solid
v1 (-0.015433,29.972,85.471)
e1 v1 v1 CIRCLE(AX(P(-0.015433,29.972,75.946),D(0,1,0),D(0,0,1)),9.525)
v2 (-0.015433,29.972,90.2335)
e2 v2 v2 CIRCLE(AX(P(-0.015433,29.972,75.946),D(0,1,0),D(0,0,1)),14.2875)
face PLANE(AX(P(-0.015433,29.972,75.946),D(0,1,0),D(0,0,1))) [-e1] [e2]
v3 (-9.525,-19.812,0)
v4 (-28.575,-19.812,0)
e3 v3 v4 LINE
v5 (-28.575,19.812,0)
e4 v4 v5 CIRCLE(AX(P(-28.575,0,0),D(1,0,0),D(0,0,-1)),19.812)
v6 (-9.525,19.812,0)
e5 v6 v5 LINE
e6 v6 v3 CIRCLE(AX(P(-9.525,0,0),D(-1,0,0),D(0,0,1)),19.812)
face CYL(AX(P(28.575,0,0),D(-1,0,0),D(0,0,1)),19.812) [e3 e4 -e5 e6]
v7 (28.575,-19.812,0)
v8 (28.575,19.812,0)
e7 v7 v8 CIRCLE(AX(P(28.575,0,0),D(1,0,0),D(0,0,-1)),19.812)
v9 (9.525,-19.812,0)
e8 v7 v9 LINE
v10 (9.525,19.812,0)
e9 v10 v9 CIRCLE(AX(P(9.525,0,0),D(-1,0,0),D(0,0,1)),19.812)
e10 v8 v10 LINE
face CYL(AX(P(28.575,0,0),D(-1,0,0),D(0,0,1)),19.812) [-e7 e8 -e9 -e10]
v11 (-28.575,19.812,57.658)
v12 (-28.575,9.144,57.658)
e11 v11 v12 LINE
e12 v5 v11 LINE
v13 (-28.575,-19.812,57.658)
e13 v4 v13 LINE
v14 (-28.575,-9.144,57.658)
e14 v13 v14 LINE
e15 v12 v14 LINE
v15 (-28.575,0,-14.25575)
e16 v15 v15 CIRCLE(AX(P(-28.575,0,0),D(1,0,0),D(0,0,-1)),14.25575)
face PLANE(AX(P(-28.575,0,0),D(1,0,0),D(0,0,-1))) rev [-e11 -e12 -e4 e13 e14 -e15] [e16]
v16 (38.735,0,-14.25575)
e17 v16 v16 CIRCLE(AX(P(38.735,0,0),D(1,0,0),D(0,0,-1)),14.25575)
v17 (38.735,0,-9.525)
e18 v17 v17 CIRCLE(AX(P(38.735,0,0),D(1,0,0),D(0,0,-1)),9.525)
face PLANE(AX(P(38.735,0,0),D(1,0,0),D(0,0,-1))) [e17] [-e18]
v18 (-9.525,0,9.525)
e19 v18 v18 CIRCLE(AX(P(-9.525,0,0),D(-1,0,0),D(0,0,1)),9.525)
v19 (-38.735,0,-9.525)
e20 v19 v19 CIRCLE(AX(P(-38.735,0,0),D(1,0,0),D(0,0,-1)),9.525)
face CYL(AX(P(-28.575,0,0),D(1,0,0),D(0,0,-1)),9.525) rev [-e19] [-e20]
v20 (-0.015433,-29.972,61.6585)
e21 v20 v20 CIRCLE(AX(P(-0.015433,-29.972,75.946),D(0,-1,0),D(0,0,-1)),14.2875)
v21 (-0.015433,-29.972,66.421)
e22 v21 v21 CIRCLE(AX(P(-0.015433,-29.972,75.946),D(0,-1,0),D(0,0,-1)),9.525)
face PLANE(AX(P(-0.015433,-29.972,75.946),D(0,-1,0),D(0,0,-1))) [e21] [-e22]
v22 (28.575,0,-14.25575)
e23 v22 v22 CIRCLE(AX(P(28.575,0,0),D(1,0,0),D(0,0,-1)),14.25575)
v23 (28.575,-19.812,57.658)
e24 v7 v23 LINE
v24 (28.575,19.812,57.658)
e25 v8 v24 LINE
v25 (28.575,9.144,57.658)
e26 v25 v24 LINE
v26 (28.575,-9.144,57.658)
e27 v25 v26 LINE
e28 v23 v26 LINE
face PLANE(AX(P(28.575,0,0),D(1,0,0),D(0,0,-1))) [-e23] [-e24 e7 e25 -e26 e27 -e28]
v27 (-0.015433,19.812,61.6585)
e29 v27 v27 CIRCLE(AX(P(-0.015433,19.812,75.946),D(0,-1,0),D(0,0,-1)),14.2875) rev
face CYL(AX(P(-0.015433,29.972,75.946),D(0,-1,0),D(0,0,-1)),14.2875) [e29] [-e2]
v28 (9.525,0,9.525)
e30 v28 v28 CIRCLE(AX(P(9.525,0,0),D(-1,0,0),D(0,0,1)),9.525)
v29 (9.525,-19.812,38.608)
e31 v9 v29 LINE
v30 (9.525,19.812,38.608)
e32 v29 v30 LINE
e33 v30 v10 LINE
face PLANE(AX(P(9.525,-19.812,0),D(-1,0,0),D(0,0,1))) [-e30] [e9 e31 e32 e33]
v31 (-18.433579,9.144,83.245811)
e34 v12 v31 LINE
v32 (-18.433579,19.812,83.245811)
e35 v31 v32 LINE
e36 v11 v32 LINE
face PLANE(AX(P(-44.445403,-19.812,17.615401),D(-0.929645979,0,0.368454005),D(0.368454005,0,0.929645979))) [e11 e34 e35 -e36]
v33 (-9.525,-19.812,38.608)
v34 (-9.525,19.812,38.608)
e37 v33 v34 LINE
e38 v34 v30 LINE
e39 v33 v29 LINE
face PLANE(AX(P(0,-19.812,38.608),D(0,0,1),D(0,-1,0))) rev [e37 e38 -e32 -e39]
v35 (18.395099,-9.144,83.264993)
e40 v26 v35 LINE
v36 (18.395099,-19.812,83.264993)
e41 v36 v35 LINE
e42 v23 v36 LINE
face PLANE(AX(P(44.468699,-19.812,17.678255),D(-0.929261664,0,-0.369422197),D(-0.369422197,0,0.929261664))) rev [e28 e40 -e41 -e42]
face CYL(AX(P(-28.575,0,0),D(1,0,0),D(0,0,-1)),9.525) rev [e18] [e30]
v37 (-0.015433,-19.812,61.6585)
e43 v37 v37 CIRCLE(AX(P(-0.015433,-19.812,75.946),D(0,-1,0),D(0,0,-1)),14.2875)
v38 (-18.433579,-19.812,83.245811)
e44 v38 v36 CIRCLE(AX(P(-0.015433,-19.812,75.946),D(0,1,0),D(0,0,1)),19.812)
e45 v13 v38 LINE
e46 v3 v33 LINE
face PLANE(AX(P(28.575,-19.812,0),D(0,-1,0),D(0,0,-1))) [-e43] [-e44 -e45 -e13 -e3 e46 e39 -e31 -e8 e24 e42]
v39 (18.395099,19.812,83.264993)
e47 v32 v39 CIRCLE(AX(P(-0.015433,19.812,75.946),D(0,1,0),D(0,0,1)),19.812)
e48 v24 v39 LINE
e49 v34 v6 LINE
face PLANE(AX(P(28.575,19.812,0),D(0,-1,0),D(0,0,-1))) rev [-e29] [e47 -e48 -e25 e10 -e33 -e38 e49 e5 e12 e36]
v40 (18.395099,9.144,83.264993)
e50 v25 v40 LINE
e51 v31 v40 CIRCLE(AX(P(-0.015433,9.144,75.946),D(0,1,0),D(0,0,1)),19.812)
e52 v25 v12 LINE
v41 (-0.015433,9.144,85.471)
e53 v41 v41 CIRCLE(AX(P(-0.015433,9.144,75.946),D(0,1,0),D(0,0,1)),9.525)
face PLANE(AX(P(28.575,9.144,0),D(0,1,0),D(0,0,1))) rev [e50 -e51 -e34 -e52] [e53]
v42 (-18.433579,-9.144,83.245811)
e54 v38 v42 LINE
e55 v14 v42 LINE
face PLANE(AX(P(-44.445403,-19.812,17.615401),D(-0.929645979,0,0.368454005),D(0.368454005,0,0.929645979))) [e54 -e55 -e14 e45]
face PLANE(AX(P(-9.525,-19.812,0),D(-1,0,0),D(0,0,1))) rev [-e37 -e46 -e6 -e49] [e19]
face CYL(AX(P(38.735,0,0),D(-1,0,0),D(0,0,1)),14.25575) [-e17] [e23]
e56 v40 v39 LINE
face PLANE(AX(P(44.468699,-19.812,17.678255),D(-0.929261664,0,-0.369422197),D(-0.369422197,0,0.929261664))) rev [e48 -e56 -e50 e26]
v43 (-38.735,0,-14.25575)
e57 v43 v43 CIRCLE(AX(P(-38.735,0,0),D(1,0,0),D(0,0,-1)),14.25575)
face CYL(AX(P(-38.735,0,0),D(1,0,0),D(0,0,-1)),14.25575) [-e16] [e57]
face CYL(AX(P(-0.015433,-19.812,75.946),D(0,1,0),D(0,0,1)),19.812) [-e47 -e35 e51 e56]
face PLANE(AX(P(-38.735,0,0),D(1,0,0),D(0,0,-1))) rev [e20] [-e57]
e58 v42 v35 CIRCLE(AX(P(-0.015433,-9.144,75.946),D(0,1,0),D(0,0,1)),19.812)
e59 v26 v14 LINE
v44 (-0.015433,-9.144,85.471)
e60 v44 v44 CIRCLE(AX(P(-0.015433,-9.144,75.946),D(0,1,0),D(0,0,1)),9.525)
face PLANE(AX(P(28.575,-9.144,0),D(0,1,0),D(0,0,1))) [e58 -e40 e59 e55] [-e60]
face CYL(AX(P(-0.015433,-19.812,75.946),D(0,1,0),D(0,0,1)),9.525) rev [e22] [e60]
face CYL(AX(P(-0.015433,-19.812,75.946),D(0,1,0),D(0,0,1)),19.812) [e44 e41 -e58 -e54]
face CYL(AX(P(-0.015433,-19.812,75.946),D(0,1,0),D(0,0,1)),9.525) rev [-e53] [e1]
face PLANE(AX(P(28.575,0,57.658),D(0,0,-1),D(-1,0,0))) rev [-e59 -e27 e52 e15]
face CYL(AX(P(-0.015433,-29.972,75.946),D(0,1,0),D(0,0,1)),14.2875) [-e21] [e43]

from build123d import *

# Parameters (mm, degrees)
SKETCH3_W           = 38.1
SKETCH3_H           = 10.668
BOSS_EXTRUDE1_DEPTH = 28.575
SKETCH4_W           = 19.05
SKETCH4_H           = 38.608
SKETCH4_H_2         = 19.812
SKETCH4_R           = 9.525
CUT_EXTRUDE1_DEPTH  = 40.624
SKETCH5_R           = 14.2875
SKETCH5_R_2         = 9.525
BOSS_EXTRUDE2_DEPTH = 10.16
BOSS_EXTRUDE3_START = -39.624
SKETCH5_3_R         = 14.2875
SKETCH5_3_R_2       = 9.525
BOSS_EXTRUDE3_DEPTH = 10.16
SKETCH6_R           = 9.525
CUT_EXTRUDE2_DEPTH  = 58.15
SKETCH7_R           = 14.25575
SKETCH7_R_2         = 9.525
BOSS_EXTRUDE4_DEPTH = 10.16
BOSS_EXTRUDE5_START = -57.15
SKETCH7_2_R         = 14.25575
SKETCH7_2_R_2       = 9.525
BOSS_EXTRUDE5_DEPTH = 10.16


with BuildPart() as part:
    # Sketch3 → Boss-Extrude1 (new body, symmetric)
    with BuildSketch(Plane(origin=(0, 0, 0), x_dir=(0, 0, -1), z_dir=(1, 0, 0))):
        with BuildLine():
            ThreePointArc((0, -19.812), (19.812, 0), (0, 19.812))
            Line((0, 19.812), (-57.658, 19.812))
            Line((-57.658, 19.812), (-57.658, 9.144))
            Line((-57.658, 9.144), (-57.658, -9.144))
            Line((-57.658, -9.144), (-57.658, -19.812))
            Line((-57.658, -19.812), (0, -19.812))
        make_face()
        with Locations((-76.708, 14.478)):
            Rectangle(SKETCH3_W, SKETCH3_H)
        with Locations((-76.708, -14.478)):
            Rectangle(SKETCH3_W, SKETCH3_H)
    extrude(amount=BOSS_EXTRUDE1_DEPTH, both=True)

    # Sketch4 → Cut-Extrude1 (cut, through all)
    with BuildSketch(Plane(origin=(0, 19.812, 0), x_dir=(1, 0, 0), z_dir=(0, 1, 0))):
        with Locations((0, -19.304)):
            Rectangle(SKETCH4_W, SKETCH4_H)
        with Locations((0, 9.906)):
            Rectangle(SKETCH4_W, SKETCH4_H_2)
        with BuildLine():
            Line((28.575, -95.758), (28.575, -57.658))
            Line((28.575, -57.658), (18.395099317, -83.264992565))
            ThreePointArc((18.395099317, -83.264992565), (11.109122589, -92.339889472), (-0.015432736, -95.758))
            Line((-0.015432736, -95.758), (28.575, -95.758))
        make_face()
        with Locations((-0.015432773, -75.946)):
            Circle(SKETCH4_R)
        with BuildLine():
            Line((-18.433578911, -83.24581074), (-28.575, -57.658))
            Line((-28.575, -57.658), (-28.575, -95.758))
            Line((-28.575, -95.758), (-0.015432736, -95.758))
            ThreePointArc((-0.015432736, -95.758), (-11.148525176, -92.334093164), (-18.433578911, -83.24581074))
        make_face()
    extrude(amount=-CUT_EXTRUDE1_DEPTH, mode=Mode.SUBTRACT)

    # Sketch5 → Boss-Extrude2 (add)
    with BuildSketch(Plane(origin=(0, 19.812, 0), x_dir=(1, 0, 0), z_dir=(0, 1, 0))):
        with Locations((-0.015432773, -75.946)):
            Circle(SKETCH5_R)
        with Locations((-0.015432773, -75.946)):
            Circle(SKETCH5_R_2, mode=Mode.SUBTRACT)
    extrude(amount=BOSS_EXTRUDE2_DEPTH)

    # Sketch5<3> → Boss-Extrude3 (add)
    with BuildSketch(Plane(origin=(0, 19.812, 0), x_dir=(1, 0, 0), z_dir=(0, 1, 0)).offset(BOSS_EXTRUDE3_START)):
        with Locations((-0.015432773, -75.946)):
            Circle(SKETCH5_3_R)
        with Locations((-0.015432773, -75.946)):
            Circle(SKETCH5_3_R_2, mode=Mode.SUBTRACT)
    extrude(amount=-BOSS_EXTRUDE3_DEPTH)

    # Sketch6 → Cut-Extrude2 (cut, through all)
    with BuildSketch(Plane(origin=(28.575, 0, 0), x_dir=(0, 0, -1), z_dir=(1, 0, 0))):
        Circle(SKETCH6_R)
    extrude(amount=-CUT_EXTRUDE2_DEPTH, mode=Mode.SUBTRACT)

    # Sketch7 → Boss-Extrude4 (add)
    with BuildSketch(Plane(origin=(28.575, 0, 0), x_dir=(0, 0, -1), z_dir=(1, 0, 0))):
        Circle(SKETCH7_R)
        Circle(SKETCH7_R_2, mode=Mode.SUBTRACT)
    extrude(amount=BOSS_EXTRUDE4_DEPTH)

    # Sketch7<2> → Boss-Extrude5 (add)
    with BuildSketch(Plane(origin=(28.575, 0, 0), x_dir=(0, 0, -1), z_dir=(1, 0, 0)).offset(BOSS_EXTRUDE5_START)):
        Circle(SKETCH7_2_R)
        Circle(SKETCH7_2_R_2, mode=Mode.SUBTRACT)
    extrude(amount=-BOSS_EXTRUDE5_DEPTH)


solid = part.part
